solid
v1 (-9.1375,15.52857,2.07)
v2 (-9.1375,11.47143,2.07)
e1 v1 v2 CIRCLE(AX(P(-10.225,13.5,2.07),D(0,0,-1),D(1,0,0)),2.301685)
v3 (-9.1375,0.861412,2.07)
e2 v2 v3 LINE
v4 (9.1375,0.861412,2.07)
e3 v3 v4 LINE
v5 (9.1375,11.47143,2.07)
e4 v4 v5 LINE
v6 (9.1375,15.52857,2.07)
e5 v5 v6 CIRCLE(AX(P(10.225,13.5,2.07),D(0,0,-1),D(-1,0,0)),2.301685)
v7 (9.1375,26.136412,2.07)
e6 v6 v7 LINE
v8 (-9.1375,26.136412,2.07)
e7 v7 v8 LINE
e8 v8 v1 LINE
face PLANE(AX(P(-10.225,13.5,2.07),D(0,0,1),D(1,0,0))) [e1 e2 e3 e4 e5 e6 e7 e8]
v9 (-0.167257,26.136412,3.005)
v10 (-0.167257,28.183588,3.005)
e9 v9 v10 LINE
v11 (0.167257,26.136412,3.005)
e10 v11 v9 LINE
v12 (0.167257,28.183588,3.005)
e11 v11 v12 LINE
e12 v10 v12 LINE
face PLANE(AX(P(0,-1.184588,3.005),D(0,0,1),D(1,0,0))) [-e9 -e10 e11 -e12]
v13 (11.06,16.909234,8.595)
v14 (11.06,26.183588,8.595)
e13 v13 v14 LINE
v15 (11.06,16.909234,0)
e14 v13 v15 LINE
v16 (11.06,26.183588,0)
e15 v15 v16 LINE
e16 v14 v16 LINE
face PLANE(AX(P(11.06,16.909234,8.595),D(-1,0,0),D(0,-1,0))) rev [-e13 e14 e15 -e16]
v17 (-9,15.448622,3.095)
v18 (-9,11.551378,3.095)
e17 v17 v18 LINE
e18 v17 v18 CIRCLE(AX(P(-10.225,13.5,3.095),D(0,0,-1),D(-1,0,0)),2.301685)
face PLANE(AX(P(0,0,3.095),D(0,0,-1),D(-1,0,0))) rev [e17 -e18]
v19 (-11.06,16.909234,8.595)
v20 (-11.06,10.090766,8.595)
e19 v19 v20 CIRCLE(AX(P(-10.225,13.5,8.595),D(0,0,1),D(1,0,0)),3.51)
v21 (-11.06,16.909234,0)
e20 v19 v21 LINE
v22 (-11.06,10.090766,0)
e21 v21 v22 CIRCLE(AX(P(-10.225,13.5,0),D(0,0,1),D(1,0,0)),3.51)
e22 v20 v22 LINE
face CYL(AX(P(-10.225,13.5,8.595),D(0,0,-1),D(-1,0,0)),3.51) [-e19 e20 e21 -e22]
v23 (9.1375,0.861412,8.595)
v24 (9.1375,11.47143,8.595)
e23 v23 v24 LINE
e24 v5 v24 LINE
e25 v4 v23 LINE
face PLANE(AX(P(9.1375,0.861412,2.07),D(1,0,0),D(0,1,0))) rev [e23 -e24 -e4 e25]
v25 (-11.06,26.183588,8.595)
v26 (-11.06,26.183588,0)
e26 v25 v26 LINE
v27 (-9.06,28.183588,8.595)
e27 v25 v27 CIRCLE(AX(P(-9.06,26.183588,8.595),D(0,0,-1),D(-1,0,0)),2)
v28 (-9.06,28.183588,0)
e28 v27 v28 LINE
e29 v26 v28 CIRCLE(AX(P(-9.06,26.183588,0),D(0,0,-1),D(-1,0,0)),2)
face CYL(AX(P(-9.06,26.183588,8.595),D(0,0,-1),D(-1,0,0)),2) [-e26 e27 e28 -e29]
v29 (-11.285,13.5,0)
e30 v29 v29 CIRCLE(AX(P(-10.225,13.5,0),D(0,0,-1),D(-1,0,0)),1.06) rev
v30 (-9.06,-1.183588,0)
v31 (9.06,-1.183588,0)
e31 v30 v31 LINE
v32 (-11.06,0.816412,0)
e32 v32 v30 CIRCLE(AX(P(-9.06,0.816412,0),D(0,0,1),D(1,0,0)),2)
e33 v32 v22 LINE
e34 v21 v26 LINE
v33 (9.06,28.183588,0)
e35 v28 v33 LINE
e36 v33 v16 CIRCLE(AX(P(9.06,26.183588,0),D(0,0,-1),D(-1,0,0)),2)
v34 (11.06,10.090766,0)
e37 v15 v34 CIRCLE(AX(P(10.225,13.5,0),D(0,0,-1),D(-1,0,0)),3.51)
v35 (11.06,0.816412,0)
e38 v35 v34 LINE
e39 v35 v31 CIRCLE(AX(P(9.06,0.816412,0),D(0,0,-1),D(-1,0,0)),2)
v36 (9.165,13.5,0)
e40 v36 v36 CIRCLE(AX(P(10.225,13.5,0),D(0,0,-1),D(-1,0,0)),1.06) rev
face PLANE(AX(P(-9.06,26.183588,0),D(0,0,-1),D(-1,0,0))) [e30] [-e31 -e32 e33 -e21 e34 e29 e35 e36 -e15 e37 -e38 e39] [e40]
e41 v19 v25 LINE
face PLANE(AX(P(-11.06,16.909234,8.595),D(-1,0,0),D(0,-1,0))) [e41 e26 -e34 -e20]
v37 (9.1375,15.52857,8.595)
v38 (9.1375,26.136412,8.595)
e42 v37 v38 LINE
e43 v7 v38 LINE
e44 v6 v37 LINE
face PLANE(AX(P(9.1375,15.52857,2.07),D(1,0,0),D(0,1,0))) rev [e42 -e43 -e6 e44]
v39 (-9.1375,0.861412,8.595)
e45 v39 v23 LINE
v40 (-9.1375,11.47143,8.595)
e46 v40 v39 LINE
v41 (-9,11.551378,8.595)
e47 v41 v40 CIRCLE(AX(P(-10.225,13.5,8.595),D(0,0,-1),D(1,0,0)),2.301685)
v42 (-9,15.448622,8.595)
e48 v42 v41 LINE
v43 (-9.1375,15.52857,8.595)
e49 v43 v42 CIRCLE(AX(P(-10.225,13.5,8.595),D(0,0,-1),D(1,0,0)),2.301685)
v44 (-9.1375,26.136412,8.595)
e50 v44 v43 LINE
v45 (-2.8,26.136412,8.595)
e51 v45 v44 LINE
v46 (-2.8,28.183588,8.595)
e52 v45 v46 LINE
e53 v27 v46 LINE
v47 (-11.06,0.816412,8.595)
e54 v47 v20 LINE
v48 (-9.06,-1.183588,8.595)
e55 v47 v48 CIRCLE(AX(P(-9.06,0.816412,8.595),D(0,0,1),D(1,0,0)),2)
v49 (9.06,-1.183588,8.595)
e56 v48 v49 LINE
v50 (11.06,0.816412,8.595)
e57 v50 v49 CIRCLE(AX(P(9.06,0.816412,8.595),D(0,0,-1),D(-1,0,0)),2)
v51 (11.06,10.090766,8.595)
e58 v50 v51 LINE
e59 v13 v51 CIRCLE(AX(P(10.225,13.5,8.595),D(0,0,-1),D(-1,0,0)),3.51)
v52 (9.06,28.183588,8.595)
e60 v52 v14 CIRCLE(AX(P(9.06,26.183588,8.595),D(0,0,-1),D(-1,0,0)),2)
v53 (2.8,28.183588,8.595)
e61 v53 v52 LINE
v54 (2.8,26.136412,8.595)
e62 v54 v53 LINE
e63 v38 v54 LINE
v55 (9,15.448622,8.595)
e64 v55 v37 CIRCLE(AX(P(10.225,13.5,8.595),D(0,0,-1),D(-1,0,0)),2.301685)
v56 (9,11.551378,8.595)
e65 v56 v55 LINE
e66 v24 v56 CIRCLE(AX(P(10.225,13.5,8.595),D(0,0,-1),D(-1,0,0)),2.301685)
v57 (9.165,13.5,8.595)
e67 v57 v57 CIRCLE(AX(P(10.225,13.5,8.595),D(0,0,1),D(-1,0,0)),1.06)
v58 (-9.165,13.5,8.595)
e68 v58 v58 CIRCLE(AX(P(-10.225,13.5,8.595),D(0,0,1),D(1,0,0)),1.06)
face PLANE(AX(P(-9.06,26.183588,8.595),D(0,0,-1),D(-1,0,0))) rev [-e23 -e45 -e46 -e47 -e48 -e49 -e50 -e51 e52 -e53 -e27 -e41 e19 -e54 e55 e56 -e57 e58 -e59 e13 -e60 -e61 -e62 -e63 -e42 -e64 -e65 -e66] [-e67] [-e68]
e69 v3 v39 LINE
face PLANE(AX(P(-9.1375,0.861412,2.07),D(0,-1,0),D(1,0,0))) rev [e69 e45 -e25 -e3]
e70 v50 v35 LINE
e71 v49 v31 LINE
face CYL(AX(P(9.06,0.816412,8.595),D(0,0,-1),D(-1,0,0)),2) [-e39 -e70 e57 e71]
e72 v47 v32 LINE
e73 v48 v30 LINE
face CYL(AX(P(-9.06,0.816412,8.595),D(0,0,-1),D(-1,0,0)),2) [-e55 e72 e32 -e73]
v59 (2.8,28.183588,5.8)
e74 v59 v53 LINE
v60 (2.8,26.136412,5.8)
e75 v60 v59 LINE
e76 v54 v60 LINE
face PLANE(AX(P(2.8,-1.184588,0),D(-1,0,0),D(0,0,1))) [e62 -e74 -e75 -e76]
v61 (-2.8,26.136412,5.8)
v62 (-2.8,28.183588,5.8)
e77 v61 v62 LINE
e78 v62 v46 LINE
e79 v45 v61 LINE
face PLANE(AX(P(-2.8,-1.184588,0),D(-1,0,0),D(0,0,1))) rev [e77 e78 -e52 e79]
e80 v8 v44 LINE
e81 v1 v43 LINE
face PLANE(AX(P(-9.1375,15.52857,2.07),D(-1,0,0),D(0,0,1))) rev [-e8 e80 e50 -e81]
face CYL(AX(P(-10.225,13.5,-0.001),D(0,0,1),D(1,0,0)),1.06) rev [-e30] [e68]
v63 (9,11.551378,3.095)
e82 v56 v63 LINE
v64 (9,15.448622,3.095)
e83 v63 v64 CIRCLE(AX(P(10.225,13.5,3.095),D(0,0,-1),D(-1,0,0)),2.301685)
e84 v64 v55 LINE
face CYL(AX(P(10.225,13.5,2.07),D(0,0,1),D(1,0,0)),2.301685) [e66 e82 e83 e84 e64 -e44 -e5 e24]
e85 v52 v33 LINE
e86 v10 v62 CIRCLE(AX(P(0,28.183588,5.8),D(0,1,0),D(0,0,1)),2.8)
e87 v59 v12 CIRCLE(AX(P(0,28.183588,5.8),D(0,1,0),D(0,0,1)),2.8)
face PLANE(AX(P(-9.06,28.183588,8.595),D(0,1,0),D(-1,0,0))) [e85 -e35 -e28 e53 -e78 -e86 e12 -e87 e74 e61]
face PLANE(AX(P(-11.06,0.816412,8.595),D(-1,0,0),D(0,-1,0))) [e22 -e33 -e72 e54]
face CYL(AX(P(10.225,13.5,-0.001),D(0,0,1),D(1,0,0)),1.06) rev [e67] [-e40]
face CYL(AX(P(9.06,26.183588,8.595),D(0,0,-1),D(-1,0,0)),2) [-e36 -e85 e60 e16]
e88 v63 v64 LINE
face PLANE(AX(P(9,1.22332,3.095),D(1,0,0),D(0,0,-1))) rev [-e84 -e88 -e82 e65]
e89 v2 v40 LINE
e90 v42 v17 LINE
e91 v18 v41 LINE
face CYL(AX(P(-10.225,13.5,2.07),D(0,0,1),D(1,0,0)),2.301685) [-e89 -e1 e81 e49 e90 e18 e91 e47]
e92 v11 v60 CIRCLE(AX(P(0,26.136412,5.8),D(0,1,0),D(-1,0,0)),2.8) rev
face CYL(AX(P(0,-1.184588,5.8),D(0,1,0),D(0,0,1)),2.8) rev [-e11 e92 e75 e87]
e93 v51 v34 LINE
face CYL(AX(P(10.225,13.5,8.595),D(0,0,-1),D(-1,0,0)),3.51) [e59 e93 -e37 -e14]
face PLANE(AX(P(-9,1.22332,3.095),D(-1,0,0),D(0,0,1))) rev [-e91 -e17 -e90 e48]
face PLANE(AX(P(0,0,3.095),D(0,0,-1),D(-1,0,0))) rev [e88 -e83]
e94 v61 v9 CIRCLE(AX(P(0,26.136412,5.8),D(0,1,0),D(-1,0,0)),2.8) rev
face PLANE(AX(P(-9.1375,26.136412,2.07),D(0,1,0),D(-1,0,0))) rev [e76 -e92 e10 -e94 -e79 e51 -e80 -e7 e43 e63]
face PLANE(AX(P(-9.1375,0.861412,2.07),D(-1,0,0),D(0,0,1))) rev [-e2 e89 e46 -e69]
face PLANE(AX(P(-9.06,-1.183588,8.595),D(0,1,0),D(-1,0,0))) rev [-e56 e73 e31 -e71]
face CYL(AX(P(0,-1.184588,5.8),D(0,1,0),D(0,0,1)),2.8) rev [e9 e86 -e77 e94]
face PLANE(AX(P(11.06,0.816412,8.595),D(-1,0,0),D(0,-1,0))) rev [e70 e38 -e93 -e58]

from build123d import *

# Parameters (mm, degrees)
BOSS_EXTRUDE2_DEPTH = 8.595
CUT_EXTRUDE3_REACH  = 34.509
SKETCH5_R           = 1.06
CUT_EXTRUDE4_DEPTH  = 6.525
CUT_EXTRUDE2_REACH  = 35.54
SKETCH7_W           = 18
SKETCH7_H           = 24.65
CUT_EXTRUDE6_DEPTH  = 5.5


with BuildPart() as part:
    # Sketch1 → Boss-Extrude2 (new body)
    with BuildSketch(Plane.XY):
        with BuildLine():
            Line((-11.06, 0.816412174), (-11.06, 10.090766215))
            ThreePointArc((-11.06, 10.090766215), (-13.735, 13.5), (-11.06, 16.909233785))
            Line((-11.06, 16.909233785), (-11.06, 26.183587826))
            ThreePointArc((-11.06, 26.183587826), (-10.474213562, 27.597801388), (-9.06, 28.183587826))
            Line((-9.06, 28.183587826), (9.06, 28.183587826))
            ThreePointArc((9.06, 28.183587826), (10.474213562, 27.597801388), (11.06, 26.183587826))
            Line((11.06, 26.183587826), (11.06, 16.909233785))
            ThreePointArc((11.06, 16.909233785), (13.735, 13.5), (11.06, 10.090766215))
            Line((11.06, 10.090766215), (11.06, 0.816412174))
            ThreePointArc((11.06, 0.816412174), (10.474213562, -0.597801388), (9.06, -1.183587826))
            Line((9.06, -1.183587826), (-9.06, -1.183587826))
            ThreePointArc((-9.06, -1.183587826), (-10.474213562, -0.597801388), (-11.06, 0.816412174))
        make_face()
    extrude(amount=BOSS_EXTRUDE2_DEPTH)

    # Sketch5 → Cut-Extrude3 (cut, up to next)
    with BuildSketch(Plane.XY.offset(8.595), mode=Mode.PRIVATE) as cut_extrude3_sk1:
        with Locations((-10.225, 13.5)):
            Circle(SKETCH5_R)
    cut_extrude3_tool1 = extrude(cut_extrude3_sk1.sketch, amount=-CUT_EXTRUDE3_REACH, mode=Mode.PRIVATE) & part.part
    # Sketch5 → Cut-Extrude3 (cut, up to next)
    with BuildSketch(Plane.XY.offset(8.595), mode=Mode.PRIVATE) as cut_extrude3_sk2:
        with Locations(Location((10.225, 13.5, 0), (0, 0, 180))):
            Circle(SKETCH5_R)
    cut_extrude3_tool2 = extrude(cut_extrude3_sk2.sketch, amount=-CUT_EXTRUDE3_REACH, mode=Mode.PRIVATE) & part.part
    add(cut_extrude3_tool1.solids().sort_by_distance((-10.225, 13.5, 8.595))[0], mode=Mode.SUBTRACT)
    add(cut_extrude3_tool2.solids().sort_by_distance((10.225, 13.5, 8.595))[0], mode=Mode.SUBTRACT)

    # Sketch2 → Cut-Extrude4 (cut)
    with BuildSketch(Plane.XY.offset(8.595)):
        with BuildLine():
            Line((-9.1375, 15.528570386), (-9.1375, 26.136412174))
            Line((-9.1375, 26.136412174), (9.1375, 26.136412174))
            Line((9.1375, 26.136412174), (9.1375, 15.528570386))
            ThreePointArc((9.1375, 15.528570386), (7.923314952, 13.5), (9.1375, 11.471429614))
            Line((9.1375, 11.471429614), (9.1375, 0.861412174))
            Line((9.1375, 0.861412174), (-9.1375, 0.861412174))
            Line((-9.1375, 0.861412174), (-9.1375, 11.471429614))
            ThreePointArc((-9.1375, 11.471429614), (-7.923314952, 13.5), (-9.1375, 15.528570386))
        make_face()
    extrude(amount=-CUT_EXTRUDE4_DEPTH, mode=Mode.SUBTRACT)

    # Sketch3 → Cut-Extrude2 (cut, up to next)
    with BuildSketch(Plane(origin=(0, 28.183587826, 0), x_dir=(1, 0, 0), z_dir=(0, 1, 0)), mode=Mode.PRIVATE) as cut_extrude2_sk1:
        with BuildLine():
            Line((0.167257287, -3.005), (-0.167257287, -3.005))
            ThreePointArc((-0.167257287, -3.005), (-2.038175704, -3.880145891), (-2.8, -5.8))
            Line((-2.8, -5.8), (-2.8, -8.595))
            Line((-2.8, -8.595), (-0.167257287, -8.595))
            Line((-0.167257287, -8.595), (0.167257287, -8.595))
            Line((0.167257287, -8.595), (2.8, -8.595))
            Line((2.8, -8.595), (2.8, -5.8))
            ThreePointArc((2.8, -5.8), (2.038175704, -3.880145891), (0.167257287, -3.005))
        make_face()
    cut_extrude2_tool1 = extrude(cut_extrude2_sk1.sketch, amount=-CUT_EXTRUDE2_REACH, mode=Mode.PRIVATE) & part.part
    add(cut_extrude2_tool1.solids().sort_by_distance((0, 28.183588, 6.058962))[0], mode=Mode.SUBTRACT)

    # Sketch7 → Cut-Extrude6 (cut)
    with BuildSketch(Plane.XY.offset(8.595)):
        with Locations((0, 13.548319596)):
            Rectangle(SKETCH7_W, SKETCH7_H)
    extrude(amount=-CUT_EXTRUDE6_DEPTH, mode=Mode.SUBTRACT)


solid = part.part
